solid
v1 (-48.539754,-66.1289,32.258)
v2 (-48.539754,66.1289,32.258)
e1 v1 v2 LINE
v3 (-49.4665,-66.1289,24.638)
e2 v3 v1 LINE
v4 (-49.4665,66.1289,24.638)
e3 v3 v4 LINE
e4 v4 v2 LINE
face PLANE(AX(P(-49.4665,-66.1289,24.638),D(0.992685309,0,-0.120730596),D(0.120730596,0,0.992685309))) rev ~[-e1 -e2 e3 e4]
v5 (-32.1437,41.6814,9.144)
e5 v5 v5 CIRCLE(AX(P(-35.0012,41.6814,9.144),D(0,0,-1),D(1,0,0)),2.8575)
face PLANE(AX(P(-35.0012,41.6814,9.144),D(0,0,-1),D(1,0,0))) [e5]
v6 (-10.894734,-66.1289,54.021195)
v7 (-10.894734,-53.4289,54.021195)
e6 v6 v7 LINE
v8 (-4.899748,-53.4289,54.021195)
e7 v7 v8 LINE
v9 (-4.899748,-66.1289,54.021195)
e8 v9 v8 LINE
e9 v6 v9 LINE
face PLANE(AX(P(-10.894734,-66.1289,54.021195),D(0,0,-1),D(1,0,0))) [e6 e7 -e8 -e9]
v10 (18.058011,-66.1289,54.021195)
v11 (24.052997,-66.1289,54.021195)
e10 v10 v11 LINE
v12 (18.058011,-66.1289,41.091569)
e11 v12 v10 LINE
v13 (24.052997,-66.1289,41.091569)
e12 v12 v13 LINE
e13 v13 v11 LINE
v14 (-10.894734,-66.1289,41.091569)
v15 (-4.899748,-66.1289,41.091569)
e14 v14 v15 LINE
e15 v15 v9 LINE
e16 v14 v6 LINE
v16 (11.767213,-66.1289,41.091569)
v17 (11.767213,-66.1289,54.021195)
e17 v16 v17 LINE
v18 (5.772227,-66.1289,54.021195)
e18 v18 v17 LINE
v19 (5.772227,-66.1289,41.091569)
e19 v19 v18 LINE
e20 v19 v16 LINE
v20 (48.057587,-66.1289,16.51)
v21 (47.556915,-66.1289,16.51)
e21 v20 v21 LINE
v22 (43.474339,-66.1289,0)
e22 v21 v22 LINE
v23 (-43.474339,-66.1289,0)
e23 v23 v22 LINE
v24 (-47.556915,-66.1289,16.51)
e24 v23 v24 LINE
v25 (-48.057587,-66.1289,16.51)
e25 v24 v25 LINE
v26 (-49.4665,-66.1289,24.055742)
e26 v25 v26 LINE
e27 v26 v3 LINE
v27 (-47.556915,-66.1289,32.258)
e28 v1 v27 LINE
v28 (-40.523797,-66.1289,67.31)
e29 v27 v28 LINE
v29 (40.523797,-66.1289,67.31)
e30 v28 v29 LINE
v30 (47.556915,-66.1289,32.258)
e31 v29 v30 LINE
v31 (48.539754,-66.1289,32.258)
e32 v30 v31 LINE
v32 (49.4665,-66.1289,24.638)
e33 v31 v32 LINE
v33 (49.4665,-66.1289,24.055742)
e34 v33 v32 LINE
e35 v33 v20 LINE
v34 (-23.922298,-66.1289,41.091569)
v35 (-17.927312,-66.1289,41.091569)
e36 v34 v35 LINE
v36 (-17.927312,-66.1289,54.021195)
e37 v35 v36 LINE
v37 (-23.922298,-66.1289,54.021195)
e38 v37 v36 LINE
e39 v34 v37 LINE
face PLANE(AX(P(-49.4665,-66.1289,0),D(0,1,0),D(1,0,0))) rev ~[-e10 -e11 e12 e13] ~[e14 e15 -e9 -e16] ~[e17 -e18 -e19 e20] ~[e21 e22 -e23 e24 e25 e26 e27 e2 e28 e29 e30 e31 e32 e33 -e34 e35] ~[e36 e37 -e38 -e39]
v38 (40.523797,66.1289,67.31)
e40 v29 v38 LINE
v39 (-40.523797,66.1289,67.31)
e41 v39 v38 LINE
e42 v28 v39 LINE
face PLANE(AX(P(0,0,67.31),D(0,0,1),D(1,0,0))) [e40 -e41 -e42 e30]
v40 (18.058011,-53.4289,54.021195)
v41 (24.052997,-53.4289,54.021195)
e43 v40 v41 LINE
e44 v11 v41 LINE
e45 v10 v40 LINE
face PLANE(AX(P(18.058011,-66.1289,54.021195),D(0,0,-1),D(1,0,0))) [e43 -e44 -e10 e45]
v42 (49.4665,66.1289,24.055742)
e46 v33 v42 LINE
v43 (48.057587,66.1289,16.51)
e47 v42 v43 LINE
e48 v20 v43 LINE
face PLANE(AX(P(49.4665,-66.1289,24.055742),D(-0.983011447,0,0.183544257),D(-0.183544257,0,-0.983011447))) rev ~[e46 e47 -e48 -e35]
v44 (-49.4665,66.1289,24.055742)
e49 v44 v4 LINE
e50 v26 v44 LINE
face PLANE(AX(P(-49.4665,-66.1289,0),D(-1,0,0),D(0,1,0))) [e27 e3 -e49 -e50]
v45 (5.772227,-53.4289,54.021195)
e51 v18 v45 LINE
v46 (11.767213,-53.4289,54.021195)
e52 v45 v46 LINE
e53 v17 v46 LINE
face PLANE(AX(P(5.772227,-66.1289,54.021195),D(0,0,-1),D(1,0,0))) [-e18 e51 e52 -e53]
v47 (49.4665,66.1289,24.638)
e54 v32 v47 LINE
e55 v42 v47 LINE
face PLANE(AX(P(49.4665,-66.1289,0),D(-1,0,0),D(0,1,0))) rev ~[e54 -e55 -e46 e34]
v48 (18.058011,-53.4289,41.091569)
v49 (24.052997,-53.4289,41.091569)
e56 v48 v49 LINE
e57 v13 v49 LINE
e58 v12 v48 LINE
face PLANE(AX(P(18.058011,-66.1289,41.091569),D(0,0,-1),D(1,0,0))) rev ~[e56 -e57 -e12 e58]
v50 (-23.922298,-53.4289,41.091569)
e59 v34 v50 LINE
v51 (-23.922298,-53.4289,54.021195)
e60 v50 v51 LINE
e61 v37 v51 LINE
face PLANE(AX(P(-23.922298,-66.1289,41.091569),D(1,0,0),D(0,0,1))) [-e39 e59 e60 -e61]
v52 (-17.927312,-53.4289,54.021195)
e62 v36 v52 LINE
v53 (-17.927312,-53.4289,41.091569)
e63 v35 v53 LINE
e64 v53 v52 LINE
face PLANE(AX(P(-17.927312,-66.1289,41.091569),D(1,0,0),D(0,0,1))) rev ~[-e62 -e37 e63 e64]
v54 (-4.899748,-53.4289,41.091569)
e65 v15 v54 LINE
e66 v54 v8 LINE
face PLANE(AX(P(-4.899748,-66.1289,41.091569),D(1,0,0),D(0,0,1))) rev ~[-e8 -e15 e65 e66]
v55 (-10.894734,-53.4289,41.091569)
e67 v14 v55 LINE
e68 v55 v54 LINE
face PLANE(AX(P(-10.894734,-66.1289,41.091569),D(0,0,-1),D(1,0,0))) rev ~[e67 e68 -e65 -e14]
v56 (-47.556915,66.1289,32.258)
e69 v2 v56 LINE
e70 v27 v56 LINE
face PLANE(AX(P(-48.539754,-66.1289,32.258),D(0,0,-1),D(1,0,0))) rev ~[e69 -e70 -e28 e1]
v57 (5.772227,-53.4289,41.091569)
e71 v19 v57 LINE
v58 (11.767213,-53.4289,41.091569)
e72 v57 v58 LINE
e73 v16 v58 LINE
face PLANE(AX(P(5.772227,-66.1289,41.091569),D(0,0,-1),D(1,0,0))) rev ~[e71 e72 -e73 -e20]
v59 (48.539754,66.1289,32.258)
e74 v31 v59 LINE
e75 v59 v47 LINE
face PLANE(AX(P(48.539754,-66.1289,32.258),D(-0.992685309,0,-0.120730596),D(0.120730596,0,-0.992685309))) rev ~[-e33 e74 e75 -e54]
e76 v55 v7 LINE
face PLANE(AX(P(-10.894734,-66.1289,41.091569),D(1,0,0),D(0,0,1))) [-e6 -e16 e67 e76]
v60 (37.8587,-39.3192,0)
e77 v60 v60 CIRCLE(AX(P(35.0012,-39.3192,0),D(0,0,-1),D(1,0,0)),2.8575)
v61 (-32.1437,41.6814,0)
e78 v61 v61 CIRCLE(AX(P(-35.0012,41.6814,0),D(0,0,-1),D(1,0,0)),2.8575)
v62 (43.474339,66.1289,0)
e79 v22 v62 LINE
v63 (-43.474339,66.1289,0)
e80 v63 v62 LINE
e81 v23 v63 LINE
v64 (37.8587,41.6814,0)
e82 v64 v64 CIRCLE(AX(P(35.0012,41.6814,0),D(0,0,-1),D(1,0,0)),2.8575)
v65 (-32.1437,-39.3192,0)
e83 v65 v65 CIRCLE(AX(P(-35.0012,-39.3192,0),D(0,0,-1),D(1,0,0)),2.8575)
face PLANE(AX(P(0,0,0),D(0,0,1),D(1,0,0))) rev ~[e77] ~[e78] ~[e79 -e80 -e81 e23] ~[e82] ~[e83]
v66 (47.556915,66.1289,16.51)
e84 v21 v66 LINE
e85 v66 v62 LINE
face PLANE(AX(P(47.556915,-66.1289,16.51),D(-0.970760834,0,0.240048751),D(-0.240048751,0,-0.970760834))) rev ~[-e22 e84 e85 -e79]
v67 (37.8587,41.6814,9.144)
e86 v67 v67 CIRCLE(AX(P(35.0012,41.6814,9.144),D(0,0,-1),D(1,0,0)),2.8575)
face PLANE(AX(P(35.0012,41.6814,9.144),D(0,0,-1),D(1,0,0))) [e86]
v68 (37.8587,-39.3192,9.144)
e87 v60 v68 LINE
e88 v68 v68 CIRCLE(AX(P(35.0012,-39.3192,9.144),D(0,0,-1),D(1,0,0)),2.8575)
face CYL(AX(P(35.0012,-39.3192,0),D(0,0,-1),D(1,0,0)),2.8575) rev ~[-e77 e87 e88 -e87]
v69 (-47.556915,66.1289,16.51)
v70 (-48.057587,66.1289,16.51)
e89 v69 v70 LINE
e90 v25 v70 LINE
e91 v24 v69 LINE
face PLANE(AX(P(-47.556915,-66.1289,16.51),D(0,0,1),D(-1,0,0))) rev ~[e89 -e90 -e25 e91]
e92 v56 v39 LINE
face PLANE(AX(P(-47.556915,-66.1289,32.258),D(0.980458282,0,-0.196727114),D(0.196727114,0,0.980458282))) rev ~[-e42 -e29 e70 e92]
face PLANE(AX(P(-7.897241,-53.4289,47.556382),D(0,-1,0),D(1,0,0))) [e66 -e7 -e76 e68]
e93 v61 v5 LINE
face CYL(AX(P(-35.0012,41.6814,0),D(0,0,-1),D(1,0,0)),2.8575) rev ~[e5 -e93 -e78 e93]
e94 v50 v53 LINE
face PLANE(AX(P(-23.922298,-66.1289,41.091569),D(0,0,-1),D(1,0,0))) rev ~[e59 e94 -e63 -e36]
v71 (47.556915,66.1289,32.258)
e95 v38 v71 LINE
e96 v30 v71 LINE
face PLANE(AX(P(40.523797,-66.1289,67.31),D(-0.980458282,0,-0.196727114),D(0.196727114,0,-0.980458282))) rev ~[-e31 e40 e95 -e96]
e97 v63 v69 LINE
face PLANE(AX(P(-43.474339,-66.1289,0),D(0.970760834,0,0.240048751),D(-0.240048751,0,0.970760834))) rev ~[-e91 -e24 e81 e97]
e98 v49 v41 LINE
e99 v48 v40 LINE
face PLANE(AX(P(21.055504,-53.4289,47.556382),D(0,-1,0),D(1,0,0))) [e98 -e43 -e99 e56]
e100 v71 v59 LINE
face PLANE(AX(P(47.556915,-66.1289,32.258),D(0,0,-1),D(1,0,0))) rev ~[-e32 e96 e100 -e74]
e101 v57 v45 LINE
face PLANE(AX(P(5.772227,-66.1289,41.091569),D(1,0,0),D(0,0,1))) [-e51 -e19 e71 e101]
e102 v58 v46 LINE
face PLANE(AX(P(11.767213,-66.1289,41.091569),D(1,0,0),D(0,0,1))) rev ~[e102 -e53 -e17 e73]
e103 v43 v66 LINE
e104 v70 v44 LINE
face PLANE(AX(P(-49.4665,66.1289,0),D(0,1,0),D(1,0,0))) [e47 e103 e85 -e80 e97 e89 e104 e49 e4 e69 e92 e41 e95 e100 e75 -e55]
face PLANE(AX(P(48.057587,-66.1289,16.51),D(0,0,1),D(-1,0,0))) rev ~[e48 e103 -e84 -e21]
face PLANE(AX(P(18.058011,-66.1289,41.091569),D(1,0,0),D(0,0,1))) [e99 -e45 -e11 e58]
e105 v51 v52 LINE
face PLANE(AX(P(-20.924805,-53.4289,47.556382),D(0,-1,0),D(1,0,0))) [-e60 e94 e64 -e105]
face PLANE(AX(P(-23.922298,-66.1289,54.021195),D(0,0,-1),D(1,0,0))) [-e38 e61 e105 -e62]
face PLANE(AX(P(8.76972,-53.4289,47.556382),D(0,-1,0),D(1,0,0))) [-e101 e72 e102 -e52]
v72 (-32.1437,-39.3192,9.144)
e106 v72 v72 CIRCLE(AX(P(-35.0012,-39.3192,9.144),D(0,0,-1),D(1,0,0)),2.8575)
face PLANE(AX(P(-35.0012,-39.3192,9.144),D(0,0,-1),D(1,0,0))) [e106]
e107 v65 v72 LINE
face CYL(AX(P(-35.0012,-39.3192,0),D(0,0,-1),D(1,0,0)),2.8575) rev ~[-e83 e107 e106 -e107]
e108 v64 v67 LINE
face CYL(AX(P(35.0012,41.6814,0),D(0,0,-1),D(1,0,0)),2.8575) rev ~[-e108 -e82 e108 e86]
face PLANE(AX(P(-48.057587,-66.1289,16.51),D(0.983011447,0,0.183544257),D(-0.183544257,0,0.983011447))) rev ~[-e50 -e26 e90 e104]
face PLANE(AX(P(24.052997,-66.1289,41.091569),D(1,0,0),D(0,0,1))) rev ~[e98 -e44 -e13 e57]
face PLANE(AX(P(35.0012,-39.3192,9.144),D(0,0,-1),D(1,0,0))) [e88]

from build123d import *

# Parameters (mm, degrees)
F0_W     = 98.933
F0_H     = 132.2578
F1_DEPTH = 67.31
F3_DEPTH = 132.2578
F4_W     = 5.994986
F4_H     = 12.929627
F5_DEPTH = 12.7
F6_R     = 2.8575
F7_DEPTH = 9.144


with BuildPart() as f1:
    # F0 (on Top) → F1 (new body)
    with BuildSketch(Plane.XY):
        Rectangle(F0_W, F0_H)
    extrude(amount=F1_DEPTH)

    # F2 (on face) → F3 (cut, through all)
    with BuildSketch(Plane.XZ.offset(66.1289)):
        Polygon((-47.556915, 32.258), (-40.523797, 67.31), (-49.4665, 67.31), (-49.4665, 24.638), (-48.539754, 32.258), align=None)
        Polygon((-48.057587, 16.51), (-49.4665, 24.055742), (-49.4665, 0), (-43.474339, 0), (-47.556915, 16.51), align=None)
        Polygon((49.4665, 0), (49.4665, 24.055742), (48.057587, 16.51), (47.556915, 16.51), (43.474339, 0), align=None)
        Polygon((49.4665, 67.31), (40.523797, 67.31), (47.556915, 32.258), (48.539754, 32.258), (49.4665, 24.638), align=None)
    extrude(amount=-F3_DEPTH, mode=Mode.SUBTRACT)

    # F4 (on face) → F5 (cut)
    with BuildSketch(Plane.XZ.offset(66.1289)):
        with Locations((-20.924805, 47.556382)):
            Rectangle(F4_W, F4_H)
        with Locations((-7.897241, 47.556382)):
            Rectangle(F4_W, F4_H)
        with Locations((8.76972, 47.556382)):
            Rectangle(F4_W, F4_H)
        with Locations((21.055504, 47.556382)):
            Rectangle(F4_W, F4_H)
    extrude(amount=-F5_DEPTH, mode=Mode.SUBTRACT)

    # F6 (on face) → F7 (cut)
    with BuildSketch(Plane(origin=(0, 0, 0), x_dir=(1, 0, 0), z_dir=(0, 0, -1))):
        with Locations((-35.0012, -41.6814)):
            Circle(F6_R)
        with Locations((35.0012, -41.6814)):
            Circle(F6_R)
        with Locations((35.0012, 39.3192)):
            Circle(F6_R)
        with Locations((-35.0012, 39.3192)):
            Circle(F6_R)
    extrude(amount=-F7_DEPTH, mode=Mode.SUBTRACT)


solid = f1.part
